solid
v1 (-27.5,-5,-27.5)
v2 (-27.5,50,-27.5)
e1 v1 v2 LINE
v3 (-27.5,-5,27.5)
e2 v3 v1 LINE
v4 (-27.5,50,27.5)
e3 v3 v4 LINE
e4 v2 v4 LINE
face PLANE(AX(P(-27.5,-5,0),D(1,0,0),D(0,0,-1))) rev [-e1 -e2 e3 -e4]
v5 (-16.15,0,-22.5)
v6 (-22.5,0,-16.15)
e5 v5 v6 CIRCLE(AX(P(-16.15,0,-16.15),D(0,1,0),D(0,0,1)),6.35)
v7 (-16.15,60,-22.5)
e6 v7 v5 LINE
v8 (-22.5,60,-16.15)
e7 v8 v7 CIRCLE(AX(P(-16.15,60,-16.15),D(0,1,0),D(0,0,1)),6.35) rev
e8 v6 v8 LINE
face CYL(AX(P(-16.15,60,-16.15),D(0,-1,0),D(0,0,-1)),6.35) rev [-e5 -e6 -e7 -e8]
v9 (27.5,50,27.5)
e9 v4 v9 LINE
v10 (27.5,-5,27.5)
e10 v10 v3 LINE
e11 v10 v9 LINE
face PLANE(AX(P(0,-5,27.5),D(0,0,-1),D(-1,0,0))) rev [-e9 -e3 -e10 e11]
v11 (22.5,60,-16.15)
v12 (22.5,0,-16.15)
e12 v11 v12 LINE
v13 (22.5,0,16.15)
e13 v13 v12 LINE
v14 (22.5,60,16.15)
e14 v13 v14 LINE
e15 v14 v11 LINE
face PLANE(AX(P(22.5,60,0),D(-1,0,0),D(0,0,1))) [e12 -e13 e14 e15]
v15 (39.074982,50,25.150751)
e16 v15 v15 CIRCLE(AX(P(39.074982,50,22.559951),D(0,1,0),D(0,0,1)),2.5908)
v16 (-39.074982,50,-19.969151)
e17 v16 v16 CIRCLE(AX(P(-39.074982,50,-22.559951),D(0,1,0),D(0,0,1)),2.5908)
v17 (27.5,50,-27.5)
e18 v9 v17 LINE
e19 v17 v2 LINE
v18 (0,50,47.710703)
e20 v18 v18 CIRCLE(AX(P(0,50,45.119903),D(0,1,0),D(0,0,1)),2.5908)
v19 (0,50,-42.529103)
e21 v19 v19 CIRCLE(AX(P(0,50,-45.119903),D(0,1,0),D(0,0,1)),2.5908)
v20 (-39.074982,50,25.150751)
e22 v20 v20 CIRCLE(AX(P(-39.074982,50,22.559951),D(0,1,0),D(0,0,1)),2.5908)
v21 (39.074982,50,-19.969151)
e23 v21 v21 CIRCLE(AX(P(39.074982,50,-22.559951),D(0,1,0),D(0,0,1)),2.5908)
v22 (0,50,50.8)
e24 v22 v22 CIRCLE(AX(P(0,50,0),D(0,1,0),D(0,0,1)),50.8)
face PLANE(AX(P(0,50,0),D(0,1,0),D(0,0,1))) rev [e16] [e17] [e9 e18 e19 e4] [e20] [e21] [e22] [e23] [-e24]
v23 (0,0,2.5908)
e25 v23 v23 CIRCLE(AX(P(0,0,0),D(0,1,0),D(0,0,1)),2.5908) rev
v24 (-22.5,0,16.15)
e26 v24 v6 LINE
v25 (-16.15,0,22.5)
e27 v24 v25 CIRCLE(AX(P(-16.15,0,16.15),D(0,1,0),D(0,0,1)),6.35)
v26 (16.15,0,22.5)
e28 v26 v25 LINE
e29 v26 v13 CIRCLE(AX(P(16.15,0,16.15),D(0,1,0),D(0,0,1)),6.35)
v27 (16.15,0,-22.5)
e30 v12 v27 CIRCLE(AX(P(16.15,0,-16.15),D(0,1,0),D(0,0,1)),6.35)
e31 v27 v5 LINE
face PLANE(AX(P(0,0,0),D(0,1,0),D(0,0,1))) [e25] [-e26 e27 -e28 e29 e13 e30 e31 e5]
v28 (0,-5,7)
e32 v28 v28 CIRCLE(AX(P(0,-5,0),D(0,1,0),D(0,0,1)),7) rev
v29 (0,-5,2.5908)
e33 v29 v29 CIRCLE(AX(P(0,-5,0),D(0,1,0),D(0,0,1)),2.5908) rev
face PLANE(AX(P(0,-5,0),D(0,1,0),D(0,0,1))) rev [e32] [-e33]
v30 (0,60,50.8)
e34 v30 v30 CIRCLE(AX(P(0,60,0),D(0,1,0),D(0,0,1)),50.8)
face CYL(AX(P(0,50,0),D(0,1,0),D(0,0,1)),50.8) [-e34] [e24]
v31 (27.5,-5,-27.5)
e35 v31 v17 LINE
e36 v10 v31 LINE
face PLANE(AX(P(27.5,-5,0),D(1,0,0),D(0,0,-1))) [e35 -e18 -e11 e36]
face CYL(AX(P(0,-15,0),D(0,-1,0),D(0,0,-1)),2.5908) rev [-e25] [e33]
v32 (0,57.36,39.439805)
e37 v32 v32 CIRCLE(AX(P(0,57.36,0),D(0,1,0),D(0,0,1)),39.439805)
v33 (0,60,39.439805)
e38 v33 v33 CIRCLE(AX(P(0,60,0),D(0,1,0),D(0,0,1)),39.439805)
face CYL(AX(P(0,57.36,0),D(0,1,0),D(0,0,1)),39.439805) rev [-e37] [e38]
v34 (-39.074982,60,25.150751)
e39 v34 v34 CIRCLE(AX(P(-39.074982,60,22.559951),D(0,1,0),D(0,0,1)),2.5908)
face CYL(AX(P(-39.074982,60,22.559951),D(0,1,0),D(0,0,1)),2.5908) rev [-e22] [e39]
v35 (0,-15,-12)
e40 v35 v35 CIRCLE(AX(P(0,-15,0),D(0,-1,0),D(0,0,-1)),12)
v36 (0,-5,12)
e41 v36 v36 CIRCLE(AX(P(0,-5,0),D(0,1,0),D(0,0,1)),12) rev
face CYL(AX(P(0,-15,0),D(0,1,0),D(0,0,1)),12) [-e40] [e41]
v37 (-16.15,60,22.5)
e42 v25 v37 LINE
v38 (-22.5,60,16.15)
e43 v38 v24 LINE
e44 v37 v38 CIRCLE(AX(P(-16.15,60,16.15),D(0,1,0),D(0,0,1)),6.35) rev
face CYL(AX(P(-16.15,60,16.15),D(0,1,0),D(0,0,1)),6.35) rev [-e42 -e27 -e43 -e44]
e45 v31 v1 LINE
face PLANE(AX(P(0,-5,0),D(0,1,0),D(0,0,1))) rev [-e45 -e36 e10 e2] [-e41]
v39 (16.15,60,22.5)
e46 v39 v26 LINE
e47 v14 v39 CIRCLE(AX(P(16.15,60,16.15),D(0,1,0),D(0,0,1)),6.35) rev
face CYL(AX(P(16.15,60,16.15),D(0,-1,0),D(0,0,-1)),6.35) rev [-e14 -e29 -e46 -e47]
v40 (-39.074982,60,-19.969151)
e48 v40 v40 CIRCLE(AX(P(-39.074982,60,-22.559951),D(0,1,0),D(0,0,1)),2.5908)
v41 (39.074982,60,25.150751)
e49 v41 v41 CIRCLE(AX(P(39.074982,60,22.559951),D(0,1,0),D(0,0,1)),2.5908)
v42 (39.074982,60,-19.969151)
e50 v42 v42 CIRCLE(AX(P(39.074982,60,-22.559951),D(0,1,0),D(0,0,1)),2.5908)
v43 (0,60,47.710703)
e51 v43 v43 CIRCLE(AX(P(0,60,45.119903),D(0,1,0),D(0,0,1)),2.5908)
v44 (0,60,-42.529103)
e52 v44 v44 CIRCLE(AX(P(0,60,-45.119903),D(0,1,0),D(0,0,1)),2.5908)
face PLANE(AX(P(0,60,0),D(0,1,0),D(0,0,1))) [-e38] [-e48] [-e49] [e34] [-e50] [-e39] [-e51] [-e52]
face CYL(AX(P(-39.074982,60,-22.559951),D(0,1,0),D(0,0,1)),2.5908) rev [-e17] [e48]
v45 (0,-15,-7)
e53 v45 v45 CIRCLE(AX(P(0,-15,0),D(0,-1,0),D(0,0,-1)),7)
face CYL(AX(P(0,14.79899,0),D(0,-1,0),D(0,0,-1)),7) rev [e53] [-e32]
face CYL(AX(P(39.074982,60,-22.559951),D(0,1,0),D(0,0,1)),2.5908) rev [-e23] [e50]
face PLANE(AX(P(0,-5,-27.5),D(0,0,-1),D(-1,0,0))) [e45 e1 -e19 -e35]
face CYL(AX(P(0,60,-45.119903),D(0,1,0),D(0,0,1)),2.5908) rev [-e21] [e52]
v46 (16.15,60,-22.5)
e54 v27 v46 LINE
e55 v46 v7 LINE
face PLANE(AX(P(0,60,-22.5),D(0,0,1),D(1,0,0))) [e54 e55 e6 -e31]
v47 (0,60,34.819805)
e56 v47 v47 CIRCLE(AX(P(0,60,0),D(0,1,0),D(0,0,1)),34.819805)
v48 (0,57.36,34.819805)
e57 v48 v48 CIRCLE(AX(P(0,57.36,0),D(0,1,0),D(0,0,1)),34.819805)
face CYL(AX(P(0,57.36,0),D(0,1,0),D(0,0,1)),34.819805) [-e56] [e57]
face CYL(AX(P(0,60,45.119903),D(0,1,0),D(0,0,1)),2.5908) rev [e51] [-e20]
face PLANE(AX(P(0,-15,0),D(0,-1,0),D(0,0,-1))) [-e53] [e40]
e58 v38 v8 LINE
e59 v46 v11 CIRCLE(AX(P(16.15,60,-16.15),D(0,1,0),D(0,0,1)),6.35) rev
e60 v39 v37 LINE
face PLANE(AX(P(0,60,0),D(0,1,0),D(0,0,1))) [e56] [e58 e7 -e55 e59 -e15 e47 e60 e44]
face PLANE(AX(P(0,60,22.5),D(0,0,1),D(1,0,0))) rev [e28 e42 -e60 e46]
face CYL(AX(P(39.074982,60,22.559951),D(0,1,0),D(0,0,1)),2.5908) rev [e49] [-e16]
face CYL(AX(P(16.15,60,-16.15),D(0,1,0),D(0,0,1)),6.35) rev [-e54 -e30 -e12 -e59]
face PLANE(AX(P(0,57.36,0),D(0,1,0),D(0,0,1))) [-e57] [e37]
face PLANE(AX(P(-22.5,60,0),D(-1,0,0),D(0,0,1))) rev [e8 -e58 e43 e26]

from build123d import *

# Parameters (mm, degrees)
SKETCH1_W                  = 55
SKETCH1_H                  = 55
SKETCH1_W_2                = 45
SKETCH1_H_2                = 45
BOSS_EXTRUDE1_DEPTH        = 5
SKETCH1_3_W                = 55
SKETCH1_3_H                = 55
SKETCH1_3_W_2              = 45
SKETCH1_3_H_2              = 45
BOSS_EXTRUDE2_DEPTH        = 60
SKETCH6_R                  = 50.8
SKETCH6_W                  = 55
SKETCH6_H                  = 55
BOSS_EXTRUDE4_DEPTH        = 10
SKETCH7_R                  = 12
BOSS_EXTRUDE5_DEPTH        = 10
F_6_0_204_DIAMETER_HOLE2_D = 5.1816
SKETCH11_R                 = 7
CUT_EXTRUDE1_DEPTH         = 10
SKETCH13_R                 = 39.439805153
SKETCH13_R_2               = 34.819805153
CUT_EXTRUDE3_DEPTH         = 2.64
FILLET2_R                  = 6.35
F_6_0_204_DIAMETER_HOLE1_D = 5.1816
CIRPATTERN2_COUNT          = 6


with BuildPart() as part:
    # Sketch1 → Boss-Extrude1 (new body)
    with BuildSketch(Plane(origin=(0, 0, 0), x_dir=(1, 0, 0), z_dir=(0, 1, 0))):
        Rectangle(SKETCH1_W, SKETCH1_H)
        Rectangle(SKETCH1_W_2, SKETCH1_H_2, mode=Mode.SUBTRACT)
        Rectangle(SKETCH1_W_2, SKETCH1_H_2)
    extrude(amount=-BOSS_EXTRUDE1_DEPTH)

    # Sketch1<3> → Boss-Extrude2 (add)
    with BuildSketch(Plane(origin=(0, 0, 0), x_dir=(1, 0, 0), z_dir=(0, 1, 0))):
        Rectangle(SKETCH1_3_W, SKETCH1_3_H)
        Rectangle(SKETCH1_3_W_2, SKETCH1_3_H_2, mode=Mode.SUBTRACT)
    extrude(amount=BOSS_EXTRUDE2_DEPTH)

    # Sketch6 → Boss-Extrude4 (add)
    with BuildSketch(Plane(origin=(0, 60, 0), x_dir=(1, 0, 0), z_dir=(0, 1, 0))):
        with Locations(Location((0, 0, 0), (0, 0, 270))):
            Circle(SKETCH6_R)
        Rectangle(SKETCH6_W, SKETCH6_H, mode=Mode.SUBTRACT)
    extrude(amount=-BOSS_EXTRUDE4_DEPTH)

    # Sketch7 → Boss-Extrude5 (add)
    with BuildSketch(Plane.XZ.offset(5)):
        with Locations(Location((0, 0, 0), (0, 0, 90))):
            Circle(SKETCH7_R)
    extrude(amount=BOSS_EXTRUDE5_DEPTH)

    # #6 (0.204) Diameter Hole2 (through all)
    with Locations(Plane(origin=(0, -15, 0), x_dir=(-1, 0, 0), z_dir=(0, -1, 0))):
        with Locations((0, 0)):
            Hole(F_6_0_204_DIAMETER_HOLE2_D / 2)

    # Sketch11 → Cut-Extrude1 (cut)
    with BuildSketch(Plane.XZ.offset(15)):
        with Locations(Location((0, 0, 0), (0, 0, 270))):
            Circle(SKETCH11_R)
    extrude(amount=-CUT_EXTRUDE1_DEPTH, mode=Mode.SUBTRACT)

    # Sketch13 → Cut-Extrude3 (cut)
    with BuildSketch(Plane(origin=(0, 60, 0), x_dir=(1, 0, 0), z_dir=(0, 1, 0))):
        with Locations(Location((0, 0, 0), (0, 0, 270))):
            Circle(SKETCH13_R)
        with Locations(Location((0, 0, 0), (0, 0, 270))):
            Circle(SKETCH13_R_2, mode=Mode.SUBTRACT)
    extrude(amount=-CUT_EXTRUDE3_DEPTH, mode=Mode.SUBTRACT)

    # Fillet2
    fillet2_edges = [part.edges().sort_by_distance(p)[0] for p in [
        (22.5, 30, 22.5),
        (-22.5, 30, 22.5),
        (-22.5, 30, -22.5),
        (22.5, 30, -22.5),
    ]]
    fillet(fillet2_edges, radius=FILLET2_R)

    # #6 (0.204) Diameter Hole1 (through all)
    with Locations(Plane(origin=(0, 60, 0), x_dir=(1, 0, 0), z_dir=(0, 1, 0))):
        with Locations((-39.074981848, -22.559951288)):
            f_6_0_204_diameter_hole1 = Hole(F_6_0_204_DIAMETER_HOLE1_D / 2)

    # CirPattern2: #6 (0.204) Diameter Hole1 ×6 about axis
    cirpattern2_axis = Axis((0, 0, 0), (0, 1, 0))
    for i in range(1, CIRPATTERN2_COUNT):
        add(f_6_0_204_diameter_hole1.rotate(cirpattern2_axis, i * 360 / CIRPATTERN2_COUNT), mode=Mode.SUBTRACT)


solid = part.part
